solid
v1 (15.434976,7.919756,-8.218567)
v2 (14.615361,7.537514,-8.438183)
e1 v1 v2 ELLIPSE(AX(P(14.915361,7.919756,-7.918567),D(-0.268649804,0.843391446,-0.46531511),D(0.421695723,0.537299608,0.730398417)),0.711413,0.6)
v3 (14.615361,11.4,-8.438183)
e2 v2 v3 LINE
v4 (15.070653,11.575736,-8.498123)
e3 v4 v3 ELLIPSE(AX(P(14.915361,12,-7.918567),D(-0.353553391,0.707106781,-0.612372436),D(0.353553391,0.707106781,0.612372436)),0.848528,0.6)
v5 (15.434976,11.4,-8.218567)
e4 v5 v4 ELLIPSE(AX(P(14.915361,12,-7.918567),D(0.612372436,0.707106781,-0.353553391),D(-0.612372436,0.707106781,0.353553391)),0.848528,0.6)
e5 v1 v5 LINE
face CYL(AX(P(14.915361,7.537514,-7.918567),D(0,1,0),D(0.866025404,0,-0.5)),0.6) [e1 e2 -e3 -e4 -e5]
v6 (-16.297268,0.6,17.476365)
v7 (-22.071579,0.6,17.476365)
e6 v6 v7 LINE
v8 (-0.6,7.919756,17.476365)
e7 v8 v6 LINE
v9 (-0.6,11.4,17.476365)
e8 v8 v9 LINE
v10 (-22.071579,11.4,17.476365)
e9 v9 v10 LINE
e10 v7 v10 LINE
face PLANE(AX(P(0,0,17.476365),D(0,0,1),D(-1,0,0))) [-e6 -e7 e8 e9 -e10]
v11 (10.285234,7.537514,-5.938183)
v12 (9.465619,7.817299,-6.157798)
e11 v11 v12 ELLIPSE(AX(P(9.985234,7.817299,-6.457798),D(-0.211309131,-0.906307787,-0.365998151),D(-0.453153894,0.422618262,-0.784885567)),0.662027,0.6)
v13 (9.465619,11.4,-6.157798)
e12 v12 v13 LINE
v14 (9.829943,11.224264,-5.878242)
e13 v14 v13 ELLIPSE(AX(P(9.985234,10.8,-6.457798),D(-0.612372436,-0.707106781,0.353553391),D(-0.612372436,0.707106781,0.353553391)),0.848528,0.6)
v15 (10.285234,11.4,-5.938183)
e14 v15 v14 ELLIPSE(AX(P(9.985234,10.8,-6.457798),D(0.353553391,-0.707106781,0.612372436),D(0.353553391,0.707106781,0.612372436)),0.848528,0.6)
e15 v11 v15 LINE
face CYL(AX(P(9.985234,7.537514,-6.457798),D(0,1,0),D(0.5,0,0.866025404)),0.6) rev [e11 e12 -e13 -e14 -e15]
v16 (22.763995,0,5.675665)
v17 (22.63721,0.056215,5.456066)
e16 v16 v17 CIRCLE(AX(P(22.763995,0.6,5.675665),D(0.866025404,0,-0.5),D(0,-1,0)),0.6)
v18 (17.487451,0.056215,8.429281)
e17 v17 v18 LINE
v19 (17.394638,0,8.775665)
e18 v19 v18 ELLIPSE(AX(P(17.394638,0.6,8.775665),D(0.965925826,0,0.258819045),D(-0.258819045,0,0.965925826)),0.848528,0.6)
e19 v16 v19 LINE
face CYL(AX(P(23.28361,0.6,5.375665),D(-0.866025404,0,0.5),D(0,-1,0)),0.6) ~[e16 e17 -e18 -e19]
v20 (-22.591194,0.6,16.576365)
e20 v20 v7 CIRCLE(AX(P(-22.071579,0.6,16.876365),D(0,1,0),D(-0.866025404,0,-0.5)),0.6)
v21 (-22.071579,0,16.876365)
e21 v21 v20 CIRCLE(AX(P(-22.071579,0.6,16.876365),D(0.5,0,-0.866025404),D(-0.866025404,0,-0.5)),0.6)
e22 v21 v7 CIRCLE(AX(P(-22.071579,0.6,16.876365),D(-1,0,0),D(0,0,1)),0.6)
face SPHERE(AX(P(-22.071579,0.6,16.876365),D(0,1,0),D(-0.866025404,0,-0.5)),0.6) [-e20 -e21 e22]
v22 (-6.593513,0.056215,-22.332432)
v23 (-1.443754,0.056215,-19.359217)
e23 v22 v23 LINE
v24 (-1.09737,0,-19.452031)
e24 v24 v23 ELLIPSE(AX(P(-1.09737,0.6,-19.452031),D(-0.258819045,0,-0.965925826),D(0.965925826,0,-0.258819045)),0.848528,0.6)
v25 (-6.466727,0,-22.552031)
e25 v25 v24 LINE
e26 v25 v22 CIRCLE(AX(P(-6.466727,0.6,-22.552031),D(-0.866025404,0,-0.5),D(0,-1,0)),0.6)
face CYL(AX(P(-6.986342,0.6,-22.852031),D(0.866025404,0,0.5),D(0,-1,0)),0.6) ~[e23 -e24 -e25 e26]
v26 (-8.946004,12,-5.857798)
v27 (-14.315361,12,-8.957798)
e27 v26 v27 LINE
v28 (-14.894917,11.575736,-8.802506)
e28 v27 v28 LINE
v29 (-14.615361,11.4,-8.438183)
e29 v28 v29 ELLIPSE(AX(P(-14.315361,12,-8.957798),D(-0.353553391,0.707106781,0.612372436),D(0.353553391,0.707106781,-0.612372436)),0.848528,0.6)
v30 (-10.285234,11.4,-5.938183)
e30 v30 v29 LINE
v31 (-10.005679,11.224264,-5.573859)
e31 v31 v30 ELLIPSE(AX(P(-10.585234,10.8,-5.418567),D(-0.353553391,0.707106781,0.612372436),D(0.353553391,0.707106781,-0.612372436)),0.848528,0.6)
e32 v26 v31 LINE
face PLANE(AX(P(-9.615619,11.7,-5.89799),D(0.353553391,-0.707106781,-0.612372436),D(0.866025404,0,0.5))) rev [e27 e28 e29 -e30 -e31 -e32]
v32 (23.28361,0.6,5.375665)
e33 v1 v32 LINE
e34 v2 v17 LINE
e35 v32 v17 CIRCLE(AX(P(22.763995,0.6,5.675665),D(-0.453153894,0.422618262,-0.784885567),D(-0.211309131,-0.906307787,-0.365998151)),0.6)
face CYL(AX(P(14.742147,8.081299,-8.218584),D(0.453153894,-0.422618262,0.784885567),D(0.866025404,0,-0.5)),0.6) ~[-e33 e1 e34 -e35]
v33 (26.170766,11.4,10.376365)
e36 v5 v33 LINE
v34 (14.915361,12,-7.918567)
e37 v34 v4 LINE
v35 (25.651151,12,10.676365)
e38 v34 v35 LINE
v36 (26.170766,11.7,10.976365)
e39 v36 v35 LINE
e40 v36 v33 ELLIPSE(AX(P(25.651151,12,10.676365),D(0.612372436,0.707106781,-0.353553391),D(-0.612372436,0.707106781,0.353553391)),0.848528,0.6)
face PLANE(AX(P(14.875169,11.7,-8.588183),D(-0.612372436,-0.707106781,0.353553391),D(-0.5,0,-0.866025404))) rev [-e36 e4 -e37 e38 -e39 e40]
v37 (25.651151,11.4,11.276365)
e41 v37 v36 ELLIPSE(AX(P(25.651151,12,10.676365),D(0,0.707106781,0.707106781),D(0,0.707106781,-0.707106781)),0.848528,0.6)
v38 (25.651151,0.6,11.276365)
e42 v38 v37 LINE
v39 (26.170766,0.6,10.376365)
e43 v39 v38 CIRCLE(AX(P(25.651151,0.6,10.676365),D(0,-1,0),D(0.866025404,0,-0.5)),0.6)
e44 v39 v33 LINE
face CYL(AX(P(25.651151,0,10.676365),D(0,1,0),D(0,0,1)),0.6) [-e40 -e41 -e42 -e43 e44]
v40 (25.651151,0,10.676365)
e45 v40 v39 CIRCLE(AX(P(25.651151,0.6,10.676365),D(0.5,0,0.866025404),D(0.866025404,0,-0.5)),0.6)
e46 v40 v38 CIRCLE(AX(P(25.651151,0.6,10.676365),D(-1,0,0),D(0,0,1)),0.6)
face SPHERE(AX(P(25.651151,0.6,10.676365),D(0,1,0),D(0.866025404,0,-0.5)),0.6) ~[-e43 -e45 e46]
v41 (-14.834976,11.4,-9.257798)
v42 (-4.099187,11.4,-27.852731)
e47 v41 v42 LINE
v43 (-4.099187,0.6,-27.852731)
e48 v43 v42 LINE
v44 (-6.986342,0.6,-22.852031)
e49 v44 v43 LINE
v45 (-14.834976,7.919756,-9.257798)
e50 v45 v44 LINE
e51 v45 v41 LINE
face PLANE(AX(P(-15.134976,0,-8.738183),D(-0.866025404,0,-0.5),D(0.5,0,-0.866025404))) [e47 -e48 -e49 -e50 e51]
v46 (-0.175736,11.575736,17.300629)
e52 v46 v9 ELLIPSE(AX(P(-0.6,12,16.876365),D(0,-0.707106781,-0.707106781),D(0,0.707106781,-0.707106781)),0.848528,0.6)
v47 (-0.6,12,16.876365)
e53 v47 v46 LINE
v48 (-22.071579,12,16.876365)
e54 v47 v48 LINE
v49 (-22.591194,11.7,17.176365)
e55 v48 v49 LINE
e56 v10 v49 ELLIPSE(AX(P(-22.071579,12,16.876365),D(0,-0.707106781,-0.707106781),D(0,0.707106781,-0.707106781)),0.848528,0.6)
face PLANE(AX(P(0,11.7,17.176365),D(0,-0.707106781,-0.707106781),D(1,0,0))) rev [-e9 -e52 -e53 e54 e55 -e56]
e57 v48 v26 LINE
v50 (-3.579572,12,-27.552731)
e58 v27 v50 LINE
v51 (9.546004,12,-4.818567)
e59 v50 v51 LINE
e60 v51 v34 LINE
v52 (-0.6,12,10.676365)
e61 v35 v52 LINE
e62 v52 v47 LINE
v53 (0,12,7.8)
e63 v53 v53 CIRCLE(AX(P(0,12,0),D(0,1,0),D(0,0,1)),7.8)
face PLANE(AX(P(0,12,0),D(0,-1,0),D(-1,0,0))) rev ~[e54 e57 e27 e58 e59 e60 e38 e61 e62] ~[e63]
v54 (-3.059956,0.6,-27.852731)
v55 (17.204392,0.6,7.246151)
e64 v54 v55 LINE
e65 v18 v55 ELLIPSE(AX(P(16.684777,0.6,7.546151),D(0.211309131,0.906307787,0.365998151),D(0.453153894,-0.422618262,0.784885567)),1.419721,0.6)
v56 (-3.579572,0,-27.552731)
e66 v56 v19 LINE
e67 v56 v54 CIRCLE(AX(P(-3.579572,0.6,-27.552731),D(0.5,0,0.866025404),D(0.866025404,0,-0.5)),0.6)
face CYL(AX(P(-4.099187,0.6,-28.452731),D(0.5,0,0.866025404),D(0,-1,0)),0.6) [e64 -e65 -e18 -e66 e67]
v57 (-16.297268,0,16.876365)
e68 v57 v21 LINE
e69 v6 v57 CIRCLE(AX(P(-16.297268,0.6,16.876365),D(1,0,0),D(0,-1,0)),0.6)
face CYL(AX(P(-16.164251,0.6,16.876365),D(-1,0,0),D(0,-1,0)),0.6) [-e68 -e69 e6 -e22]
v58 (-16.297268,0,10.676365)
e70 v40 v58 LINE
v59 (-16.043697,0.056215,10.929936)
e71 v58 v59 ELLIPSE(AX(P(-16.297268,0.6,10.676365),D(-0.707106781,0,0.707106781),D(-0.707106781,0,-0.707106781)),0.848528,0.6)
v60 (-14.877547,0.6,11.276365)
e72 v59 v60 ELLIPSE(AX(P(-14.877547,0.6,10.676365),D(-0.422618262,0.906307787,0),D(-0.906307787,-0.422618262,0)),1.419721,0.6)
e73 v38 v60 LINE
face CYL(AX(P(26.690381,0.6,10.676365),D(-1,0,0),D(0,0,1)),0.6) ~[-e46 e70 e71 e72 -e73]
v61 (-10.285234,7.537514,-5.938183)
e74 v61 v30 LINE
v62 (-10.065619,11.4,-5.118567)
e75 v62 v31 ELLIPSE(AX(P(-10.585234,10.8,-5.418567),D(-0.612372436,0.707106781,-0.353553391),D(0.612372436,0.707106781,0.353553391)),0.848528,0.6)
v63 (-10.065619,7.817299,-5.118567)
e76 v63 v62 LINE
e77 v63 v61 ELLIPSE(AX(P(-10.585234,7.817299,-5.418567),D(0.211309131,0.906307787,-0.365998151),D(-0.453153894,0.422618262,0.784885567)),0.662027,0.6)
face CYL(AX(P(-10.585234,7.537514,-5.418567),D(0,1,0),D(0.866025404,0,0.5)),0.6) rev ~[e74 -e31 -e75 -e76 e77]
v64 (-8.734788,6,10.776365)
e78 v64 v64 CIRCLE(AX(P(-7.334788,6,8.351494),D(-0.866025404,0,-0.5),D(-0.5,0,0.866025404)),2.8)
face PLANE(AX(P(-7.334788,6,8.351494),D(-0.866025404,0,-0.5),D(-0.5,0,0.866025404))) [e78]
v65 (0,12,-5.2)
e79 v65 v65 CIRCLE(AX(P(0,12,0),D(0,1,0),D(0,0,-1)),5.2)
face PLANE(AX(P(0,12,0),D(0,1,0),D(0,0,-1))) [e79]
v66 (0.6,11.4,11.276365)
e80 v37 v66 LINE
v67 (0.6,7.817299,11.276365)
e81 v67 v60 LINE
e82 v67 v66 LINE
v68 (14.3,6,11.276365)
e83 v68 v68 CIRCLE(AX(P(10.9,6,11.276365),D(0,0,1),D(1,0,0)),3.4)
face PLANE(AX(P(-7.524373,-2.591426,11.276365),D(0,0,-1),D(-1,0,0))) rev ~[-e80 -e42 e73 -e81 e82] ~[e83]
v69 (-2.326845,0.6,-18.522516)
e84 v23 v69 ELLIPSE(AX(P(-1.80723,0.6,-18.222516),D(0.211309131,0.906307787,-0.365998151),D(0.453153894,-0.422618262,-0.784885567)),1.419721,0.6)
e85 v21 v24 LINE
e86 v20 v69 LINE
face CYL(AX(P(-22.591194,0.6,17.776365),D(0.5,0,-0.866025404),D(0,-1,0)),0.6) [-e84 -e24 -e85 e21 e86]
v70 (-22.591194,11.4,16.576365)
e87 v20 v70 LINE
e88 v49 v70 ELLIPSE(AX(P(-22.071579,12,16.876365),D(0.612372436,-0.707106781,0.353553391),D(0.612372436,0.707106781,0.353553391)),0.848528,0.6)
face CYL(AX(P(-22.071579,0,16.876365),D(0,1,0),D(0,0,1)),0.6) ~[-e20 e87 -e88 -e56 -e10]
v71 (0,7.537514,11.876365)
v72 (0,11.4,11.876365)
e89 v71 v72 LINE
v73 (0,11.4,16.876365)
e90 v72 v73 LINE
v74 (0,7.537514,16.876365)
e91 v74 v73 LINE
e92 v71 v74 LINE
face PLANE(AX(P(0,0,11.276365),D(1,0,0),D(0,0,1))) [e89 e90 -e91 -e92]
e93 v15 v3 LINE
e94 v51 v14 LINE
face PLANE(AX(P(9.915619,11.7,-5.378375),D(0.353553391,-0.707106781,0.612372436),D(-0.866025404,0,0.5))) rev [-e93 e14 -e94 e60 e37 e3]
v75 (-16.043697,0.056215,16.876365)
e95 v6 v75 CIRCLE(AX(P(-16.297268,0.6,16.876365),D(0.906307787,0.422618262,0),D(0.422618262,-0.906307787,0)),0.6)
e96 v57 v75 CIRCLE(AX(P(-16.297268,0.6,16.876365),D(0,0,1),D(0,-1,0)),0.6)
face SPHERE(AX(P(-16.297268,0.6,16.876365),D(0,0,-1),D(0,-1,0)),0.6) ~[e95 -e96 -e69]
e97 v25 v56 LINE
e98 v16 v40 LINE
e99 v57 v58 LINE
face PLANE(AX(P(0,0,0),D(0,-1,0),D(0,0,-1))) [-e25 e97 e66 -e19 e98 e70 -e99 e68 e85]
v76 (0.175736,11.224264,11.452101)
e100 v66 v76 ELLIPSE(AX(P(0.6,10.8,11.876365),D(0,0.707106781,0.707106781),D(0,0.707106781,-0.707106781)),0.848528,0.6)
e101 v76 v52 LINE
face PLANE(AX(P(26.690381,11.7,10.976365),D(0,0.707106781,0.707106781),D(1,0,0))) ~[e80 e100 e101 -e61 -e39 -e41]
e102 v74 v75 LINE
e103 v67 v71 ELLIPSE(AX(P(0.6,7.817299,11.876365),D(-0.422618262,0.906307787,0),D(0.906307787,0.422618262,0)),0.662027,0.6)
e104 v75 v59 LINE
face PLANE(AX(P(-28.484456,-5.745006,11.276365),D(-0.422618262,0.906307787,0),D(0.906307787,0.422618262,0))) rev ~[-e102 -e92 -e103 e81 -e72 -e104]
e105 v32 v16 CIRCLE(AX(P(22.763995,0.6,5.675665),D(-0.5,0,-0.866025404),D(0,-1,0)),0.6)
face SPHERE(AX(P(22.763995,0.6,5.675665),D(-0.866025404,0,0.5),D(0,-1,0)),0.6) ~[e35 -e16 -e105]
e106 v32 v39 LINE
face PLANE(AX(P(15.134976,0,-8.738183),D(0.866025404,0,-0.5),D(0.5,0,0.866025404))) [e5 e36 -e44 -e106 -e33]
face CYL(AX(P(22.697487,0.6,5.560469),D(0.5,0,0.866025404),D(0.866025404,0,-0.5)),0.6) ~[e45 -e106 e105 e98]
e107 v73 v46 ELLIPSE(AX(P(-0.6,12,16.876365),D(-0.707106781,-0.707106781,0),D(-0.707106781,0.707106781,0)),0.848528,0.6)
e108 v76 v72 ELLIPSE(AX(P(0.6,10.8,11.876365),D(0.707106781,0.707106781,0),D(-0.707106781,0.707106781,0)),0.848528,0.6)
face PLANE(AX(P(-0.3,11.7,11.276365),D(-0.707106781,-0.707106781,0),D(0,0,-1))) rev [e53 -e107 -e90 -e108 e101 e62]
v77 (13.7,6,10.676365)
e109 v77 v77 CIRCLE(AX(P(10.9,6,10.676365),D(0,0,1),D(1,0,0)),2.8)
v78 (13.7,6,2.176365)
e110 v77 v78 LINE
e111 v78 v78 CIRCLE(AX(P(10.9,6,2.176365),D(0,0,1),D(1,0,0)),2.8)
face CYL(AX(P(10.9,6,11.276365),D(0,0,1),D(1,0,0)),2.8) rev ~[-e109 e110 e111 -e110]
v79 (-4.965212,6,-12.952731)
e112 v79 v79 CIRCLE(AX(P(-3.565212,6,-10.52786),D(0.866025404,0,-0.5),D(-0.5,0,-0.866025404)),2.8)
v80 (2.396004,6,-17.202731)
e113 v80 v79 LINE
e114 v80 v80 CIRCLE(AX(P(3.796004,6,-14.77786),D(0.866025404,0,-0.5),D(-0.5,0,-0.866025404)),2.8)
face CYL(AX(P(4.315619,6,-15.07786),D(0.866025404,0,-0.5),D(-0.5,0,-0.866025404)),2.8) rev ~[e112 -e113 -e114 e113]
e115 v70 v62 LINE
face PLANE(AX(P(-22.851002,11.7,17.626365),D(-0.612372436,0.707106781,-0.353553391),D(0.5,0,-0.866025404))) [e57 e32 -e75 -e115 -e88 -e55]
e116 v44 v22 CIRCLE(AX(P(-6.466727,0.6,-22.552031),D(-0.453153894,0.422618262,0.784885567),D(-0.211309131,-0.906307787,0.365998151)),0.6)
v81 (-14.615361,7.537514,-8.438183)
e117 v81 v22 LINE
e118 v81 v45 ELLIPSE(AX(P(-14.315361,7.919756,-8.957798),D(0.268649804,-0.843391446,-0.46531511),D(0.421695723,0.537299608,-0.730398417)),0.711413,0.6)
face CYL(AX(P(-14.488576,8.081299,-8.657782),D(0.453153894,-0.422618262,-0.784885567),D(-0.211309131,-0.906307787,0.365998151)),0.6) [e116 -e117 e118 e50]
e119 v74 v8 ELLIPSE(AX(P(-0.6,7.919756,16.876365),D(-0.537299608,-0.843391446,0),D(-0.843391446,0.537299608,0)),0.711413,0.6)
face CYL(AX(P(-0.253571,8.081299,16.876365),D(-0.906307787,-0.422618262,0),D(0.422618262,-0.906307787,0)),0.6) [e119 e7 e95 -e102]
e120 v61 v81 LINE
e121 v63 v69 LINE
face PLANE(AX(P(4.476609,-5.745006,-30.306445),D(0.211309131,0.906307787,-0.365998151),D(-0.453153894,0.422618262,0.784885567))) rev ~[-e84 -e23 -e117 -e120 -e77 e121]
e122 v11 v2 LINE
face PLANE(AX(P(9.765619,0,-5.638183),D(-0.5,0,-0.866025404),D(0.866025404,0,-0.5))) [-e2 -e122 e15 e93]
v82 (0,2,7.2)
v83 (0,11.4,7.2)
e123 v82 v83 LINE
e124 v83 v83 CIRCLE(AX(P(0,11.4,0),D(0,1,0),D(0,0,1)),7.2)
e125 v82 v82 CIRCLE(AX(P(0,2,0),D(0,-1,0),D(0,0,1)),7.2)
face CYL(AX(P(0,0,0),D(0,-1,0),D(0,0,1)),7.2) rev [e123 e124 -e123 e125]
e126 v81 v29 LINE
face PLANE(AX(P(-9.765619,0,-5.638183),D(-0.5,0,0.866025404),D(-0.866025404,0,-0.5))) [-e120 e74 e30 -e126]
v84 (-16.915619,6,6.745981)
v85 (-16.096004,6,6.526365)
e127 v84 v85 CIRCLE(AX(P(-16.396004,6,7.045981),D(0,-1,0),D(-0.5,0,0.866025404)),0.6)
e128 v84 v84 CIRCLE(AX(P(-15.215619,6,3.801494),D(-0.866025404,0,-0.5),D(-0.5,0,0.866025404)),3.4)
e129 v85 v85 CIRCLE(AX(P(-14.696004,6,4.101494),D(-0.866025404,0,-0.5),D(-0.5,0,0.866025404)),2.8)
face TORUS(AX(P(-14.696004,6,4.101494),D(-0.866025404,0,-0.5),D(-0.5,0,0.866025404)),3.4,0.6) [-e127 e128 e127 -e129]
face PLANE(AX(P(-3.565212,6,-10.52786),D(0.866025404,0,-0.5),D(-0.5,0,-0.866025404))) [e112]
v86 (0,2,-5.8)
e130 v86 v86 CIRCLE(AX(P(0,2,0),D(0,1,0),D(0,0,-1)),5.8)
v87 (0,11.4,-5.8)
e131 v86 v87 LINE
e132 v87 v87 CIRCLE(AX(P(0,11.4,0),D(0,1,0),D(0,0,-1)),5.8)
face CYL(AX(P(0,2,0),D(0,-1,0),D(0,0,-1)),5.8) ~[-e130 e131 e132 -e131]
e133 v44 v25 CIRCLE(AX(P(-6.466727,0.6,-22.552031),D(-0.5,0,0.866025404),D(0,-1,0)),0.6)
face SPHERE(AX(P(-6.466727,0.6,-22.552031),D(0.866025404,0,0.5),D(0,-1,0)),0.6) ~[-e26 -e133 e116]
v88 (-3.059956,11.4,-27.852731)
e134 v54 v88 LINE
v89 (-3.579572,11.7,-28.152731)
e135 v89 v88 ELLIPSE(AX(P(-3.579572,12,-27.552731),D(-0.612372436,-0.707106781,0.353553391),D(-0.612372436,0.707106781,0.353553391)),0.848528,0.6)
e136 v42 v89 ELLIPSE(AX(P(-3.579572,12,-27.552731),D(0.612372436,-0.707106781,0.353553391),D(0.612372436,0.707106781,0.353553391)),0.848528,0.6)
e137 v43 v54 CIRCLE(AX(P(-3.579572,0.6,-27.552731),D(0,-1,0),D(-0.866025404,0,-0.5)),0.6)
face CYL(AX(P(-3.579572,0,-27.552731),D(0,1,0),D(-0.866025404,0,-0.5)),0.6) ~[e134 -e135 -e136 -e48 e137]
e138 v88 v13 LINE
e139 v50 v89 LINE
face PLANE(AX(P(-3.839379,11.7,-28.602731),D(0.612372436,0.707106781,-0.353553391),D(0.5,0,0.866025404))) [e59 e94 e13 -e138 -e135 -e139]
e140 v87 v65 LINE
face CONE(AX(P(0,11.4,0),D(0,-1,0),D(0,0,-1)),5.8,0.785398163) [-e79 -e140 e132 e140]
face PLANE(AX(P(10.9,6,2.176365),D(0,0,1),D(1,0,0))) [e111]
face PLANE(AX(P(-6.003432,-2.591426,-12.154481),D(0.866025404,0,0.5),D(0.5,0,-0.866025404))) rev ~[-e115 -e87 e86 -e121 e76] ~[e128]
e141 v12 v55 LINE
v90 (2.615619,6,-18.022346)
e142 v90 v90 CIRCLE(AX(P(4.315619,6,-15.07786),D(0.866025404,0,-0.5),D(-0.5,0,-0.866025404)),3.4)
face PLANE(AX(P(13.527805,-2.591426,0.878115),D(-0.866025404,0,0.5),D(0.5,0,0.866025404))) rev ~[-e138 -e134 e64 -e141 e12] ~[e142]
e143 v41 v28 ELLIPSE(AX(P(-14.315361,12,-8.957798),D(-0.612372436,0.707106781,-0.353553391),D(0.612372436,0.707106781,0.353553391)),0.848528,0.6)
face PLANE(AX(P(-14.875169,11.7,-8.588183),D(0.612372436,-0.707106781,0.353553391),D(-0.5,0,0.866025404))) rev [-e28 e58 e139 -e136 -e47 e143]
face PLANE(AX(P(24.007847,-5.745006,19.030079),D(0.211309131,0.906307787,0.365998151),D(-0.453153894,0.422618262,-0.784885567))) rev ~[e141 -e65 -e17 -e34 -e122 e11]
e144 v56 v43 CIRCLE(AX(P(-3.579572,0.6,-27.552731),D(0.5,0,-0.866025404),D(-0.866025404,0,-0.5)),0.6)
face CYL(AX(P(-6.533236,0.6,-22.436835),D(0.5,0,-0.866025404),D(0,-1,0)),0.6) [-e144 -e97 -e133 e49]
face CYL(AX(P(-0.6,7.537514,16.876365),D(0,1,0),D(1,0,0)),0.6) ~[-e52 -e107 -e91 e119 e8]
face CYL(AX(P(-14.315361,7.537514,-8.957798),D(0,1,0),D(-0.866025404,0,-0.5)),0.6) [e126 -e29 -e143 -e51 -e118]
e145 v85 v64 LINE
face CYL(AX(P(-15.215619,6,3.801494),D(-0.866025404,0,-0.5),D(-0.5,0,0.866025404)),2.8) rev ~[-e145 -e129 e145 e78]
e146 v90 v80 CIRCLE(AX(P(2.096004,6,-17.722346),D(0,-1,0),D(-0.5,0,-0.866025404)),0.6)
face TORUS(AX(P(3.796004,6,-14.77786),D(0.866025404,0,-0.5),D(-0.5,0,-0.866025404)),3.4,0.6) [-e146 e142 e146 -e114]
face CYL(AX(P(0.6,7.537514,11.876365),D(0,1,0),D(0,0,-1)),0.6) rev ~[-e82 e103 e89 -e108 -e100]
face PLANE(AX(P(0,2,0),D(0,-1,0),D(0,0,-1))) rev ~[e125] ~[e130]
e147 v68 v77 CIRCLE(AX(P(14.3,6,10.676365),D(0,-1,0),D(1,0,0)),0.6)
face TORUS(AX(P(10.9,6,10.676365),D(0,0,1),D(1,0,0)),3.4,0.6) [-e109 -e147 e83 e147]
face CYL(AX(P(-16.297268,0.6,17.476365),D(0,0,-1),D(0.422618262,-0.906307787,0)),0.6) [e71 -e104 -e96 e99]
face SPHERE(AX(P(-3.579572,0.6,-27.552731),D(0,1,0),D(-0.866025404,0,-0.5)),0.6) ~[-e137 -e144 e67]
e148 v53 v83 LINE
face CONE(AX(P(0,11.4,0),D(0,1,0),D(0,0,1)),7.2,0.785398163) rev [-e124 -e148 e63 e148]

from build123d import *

# Parameters (mm, degrees)
SKETCH1_R           = 7.2
BOSS_EXTRUDE1_DEPTH = 12
SKETCH2_R           = 7.2
BOSS_EXTRUDE2_DEPTH = 2
SKETCH3_R           = 2.7999999999999985
CUT_EXTRUDE1_DEPTH  = 9.1
CUT_EXTRUDE3_DEPTH  = 50.58533021602103
SKETCH8_R           = 5.8
BOSS_EXTRUDE3_DEPTH = 10
CIRPATTERN2_COUNT   = 3
CHAMFER2_SIZE       = 0.6
FILLET3_R           = 0.6


with BuildPart() as part:
    # Sketch1 → Boss-Extrude1 (new body)
    with BuildSketch(Plane(origin=(0, 0, 0), x_dir=(1, 0, 0), z_dir=(0, 1, 0))):
        Polygon((-23.110809387790948, -17.47636535456504), (-9.76561885940777, 5.638182677282097), (-15.134976362871324, 8.738182677282033), (-3.579571668975892, 28.752730709129278), (9.765618859407624, 5.638182677282344), (15.13497636287113, 8.738182677282364), (26.690381056766807, -11.276365354564588), (0, -11.27636535456458), (0, -17.476365354564578), align=None)
        with Locations(Location((0, 0, 0), (0, 0, 270))):
            Circle(SKETCH1_R, mode=Mode.SUBTRACT)
    extrude(amount=BOSS_EXTRUDE1_DEPTH)

    # Sketch2 → Boss-Extrude2 (add)
    with BuildSketch(Plane.XZ):
        with Locations(Location((0, 0, 0), (0, 0, 270))):
            Circle(SKETCH2_R)
    extrude(amount=-BOSS_EXTRUDE2_DEPTH)

    # Sketch3 → Cut-Extrude1 (cut)
    with BuildSketch(Plane.XY.offset(11.27636535456458)):
        with Locations((10.899999999999999, 6)):
            Circle(SKETCH3_R)
    cut_extrude1 = extrude(amount=-CUT_EXTRUDE1_DEPTH, mode=Mode.SUBTRACT)

    # Sketch7 → Cut-Extrude3 (cut, through all)
    with BuildSketch(Plane.XY.offset(11.27636535456458)):
        with BuildLine():
            Line((13.43570957044416, 0.5621532777800846), (-23.41303642284339, -16.620699172297943))
            ThreePointArc((-23.41303642284339, -16.620699172297943), (-31.38659271550747, -13.718562020522187), (-28.484455563731718, -5.7450057278581115))
            Line((-28.484455563731718, -5.7450057278581115), (8.364290429555835, 11.437846722219916))
            ThreePointArc((8.364290429555835, 11.437846722219916), (16.337846722219915, 8.535709570444162), (13.43570957044416, 0.5621532777800846))
        make_face()
    cut_extrude3 = extrude(amount=CUT_EXTRUDE3_DEPTH, mode=Mode.SUBTRACT)

    # Sketch8 → Boss-Extrude3 (add)
    with BuildSketch(Plane(origin=(0, 2, 0), x_dir=(1, 0, 0), z_dir=(0, 1, 0))):
        with Locations(Location((0, 0, 0), (0, 0, 90))):
            Circle(SKETCH8_R)
    extrude(amount=BOSS_EXTRUDE3_DEPTH)

    # CirPattern2: Cut-Extrude1, Cut-Extrude3 ×3 about axis
    cirpattern2_axis = Axis((-8e-16, 0, -3.09e-15), (0, 1, 0))
    add([cut_extrude1.rotate(cirpattern2_axis, i * 360 / CIRPATTERN2_COUNT) for i in range(1, CIRPATTERN2_COUNT)], mode=Mode.SUBTRACT)
    add([cut_extrude3.rotate(cirpattern2_axis, i * 360 / CIRPATTERN2_COUNT) for i in range(1, CIRPATTERN2_COUNT)], mode=Mode.SUBTRACT)

    # Chamfer2
    chamfer2_edges = [part.edges().sort_by_distance(p)[0] for p in [
        (13.345190528383403, 12, 11.276365354564584),
        (20.91267870981897, 12, 1.2690913386411111),
        (12.450297611139376, 12, -7.188182677282353),
        (2.2e-15, 12, -7.2),
        (3.0930235952158665, 12, -17.19545669320581),
        (-9.357274015923608, 12, -18.745456693205654),
        (-12.450297611139547, 12, -7.1881826772820645),
        (-16.43821412359936, 12, 5.919091338641472),
        (-11.555404693895474, 12, 17.47636535456481),
        (-1.07e-15, 12, 5.8),
        (0, 12, 14.37636535456458),
    ]]
    chamfer(chamfer2_edges, length=CHAMFER2_SIZE)

    # Fillet3
    fillet3_edges = [part.edges().sort_by_distance(p)[0] for p in [
        (-5.316211260430414, 0, -25.744782702294316),
        (-11.093913607378132, 3.76875701994284, -15.737508686370697),
        (-4.3681721001530995, 0, -21.186834695459314),
        (7.134086350709061, 0, -10.196130684117296),
        (24.953741465312213, 0, 8.268417347729613),
        (5.263065017397029, 0, 11.276365354564584),
        (-19.63753020488185, 0, 17.47636535456497),
        (-23.110809387790948, 5.700000000000001, 17.47636535456504),
        (-9.76561885940777, 9.468757019942823, -5.638182677282097),
        (-15.134976362871324, 9.468757019942839, -8.738182677282033),
        (-3.579571668975892, 5.700000000000001, -28.752730709129278),
        (9.765618859407624, 9.46875701994278, -5.638182677282344),
        (15.13497636287113, 9.468757019942785, -8.738182677282364),
        (26.690381056766807, 5.7, 11.276365354564588),
        (0, 9.468757019942768, 11.27636535456458),
        (0, 9.468757019942766, 17.476365354564578),
        (8.099999999999996, 6, 11.27636535456458),
        (-8.082125510986373, 3.7687570199427665, 17.476365354564738),
        (-16.164251021972746, 0, 14.376365354564811),
        (-13.815618859407646, 6, 1.3766230933716486),
        (5.715618859407651, 6, -12.652988447936243),
        (19.176039118364372, 3.7687570199427864, -1.7388566681938666),
        (20.532423122125817, 0, 6.810469340894656),
        (-12.397151368106105, 0, -1.0802346704471155),
    ]]
    fillet(fillet3_edges, radius=FILLET3_R)


solid = part.part
